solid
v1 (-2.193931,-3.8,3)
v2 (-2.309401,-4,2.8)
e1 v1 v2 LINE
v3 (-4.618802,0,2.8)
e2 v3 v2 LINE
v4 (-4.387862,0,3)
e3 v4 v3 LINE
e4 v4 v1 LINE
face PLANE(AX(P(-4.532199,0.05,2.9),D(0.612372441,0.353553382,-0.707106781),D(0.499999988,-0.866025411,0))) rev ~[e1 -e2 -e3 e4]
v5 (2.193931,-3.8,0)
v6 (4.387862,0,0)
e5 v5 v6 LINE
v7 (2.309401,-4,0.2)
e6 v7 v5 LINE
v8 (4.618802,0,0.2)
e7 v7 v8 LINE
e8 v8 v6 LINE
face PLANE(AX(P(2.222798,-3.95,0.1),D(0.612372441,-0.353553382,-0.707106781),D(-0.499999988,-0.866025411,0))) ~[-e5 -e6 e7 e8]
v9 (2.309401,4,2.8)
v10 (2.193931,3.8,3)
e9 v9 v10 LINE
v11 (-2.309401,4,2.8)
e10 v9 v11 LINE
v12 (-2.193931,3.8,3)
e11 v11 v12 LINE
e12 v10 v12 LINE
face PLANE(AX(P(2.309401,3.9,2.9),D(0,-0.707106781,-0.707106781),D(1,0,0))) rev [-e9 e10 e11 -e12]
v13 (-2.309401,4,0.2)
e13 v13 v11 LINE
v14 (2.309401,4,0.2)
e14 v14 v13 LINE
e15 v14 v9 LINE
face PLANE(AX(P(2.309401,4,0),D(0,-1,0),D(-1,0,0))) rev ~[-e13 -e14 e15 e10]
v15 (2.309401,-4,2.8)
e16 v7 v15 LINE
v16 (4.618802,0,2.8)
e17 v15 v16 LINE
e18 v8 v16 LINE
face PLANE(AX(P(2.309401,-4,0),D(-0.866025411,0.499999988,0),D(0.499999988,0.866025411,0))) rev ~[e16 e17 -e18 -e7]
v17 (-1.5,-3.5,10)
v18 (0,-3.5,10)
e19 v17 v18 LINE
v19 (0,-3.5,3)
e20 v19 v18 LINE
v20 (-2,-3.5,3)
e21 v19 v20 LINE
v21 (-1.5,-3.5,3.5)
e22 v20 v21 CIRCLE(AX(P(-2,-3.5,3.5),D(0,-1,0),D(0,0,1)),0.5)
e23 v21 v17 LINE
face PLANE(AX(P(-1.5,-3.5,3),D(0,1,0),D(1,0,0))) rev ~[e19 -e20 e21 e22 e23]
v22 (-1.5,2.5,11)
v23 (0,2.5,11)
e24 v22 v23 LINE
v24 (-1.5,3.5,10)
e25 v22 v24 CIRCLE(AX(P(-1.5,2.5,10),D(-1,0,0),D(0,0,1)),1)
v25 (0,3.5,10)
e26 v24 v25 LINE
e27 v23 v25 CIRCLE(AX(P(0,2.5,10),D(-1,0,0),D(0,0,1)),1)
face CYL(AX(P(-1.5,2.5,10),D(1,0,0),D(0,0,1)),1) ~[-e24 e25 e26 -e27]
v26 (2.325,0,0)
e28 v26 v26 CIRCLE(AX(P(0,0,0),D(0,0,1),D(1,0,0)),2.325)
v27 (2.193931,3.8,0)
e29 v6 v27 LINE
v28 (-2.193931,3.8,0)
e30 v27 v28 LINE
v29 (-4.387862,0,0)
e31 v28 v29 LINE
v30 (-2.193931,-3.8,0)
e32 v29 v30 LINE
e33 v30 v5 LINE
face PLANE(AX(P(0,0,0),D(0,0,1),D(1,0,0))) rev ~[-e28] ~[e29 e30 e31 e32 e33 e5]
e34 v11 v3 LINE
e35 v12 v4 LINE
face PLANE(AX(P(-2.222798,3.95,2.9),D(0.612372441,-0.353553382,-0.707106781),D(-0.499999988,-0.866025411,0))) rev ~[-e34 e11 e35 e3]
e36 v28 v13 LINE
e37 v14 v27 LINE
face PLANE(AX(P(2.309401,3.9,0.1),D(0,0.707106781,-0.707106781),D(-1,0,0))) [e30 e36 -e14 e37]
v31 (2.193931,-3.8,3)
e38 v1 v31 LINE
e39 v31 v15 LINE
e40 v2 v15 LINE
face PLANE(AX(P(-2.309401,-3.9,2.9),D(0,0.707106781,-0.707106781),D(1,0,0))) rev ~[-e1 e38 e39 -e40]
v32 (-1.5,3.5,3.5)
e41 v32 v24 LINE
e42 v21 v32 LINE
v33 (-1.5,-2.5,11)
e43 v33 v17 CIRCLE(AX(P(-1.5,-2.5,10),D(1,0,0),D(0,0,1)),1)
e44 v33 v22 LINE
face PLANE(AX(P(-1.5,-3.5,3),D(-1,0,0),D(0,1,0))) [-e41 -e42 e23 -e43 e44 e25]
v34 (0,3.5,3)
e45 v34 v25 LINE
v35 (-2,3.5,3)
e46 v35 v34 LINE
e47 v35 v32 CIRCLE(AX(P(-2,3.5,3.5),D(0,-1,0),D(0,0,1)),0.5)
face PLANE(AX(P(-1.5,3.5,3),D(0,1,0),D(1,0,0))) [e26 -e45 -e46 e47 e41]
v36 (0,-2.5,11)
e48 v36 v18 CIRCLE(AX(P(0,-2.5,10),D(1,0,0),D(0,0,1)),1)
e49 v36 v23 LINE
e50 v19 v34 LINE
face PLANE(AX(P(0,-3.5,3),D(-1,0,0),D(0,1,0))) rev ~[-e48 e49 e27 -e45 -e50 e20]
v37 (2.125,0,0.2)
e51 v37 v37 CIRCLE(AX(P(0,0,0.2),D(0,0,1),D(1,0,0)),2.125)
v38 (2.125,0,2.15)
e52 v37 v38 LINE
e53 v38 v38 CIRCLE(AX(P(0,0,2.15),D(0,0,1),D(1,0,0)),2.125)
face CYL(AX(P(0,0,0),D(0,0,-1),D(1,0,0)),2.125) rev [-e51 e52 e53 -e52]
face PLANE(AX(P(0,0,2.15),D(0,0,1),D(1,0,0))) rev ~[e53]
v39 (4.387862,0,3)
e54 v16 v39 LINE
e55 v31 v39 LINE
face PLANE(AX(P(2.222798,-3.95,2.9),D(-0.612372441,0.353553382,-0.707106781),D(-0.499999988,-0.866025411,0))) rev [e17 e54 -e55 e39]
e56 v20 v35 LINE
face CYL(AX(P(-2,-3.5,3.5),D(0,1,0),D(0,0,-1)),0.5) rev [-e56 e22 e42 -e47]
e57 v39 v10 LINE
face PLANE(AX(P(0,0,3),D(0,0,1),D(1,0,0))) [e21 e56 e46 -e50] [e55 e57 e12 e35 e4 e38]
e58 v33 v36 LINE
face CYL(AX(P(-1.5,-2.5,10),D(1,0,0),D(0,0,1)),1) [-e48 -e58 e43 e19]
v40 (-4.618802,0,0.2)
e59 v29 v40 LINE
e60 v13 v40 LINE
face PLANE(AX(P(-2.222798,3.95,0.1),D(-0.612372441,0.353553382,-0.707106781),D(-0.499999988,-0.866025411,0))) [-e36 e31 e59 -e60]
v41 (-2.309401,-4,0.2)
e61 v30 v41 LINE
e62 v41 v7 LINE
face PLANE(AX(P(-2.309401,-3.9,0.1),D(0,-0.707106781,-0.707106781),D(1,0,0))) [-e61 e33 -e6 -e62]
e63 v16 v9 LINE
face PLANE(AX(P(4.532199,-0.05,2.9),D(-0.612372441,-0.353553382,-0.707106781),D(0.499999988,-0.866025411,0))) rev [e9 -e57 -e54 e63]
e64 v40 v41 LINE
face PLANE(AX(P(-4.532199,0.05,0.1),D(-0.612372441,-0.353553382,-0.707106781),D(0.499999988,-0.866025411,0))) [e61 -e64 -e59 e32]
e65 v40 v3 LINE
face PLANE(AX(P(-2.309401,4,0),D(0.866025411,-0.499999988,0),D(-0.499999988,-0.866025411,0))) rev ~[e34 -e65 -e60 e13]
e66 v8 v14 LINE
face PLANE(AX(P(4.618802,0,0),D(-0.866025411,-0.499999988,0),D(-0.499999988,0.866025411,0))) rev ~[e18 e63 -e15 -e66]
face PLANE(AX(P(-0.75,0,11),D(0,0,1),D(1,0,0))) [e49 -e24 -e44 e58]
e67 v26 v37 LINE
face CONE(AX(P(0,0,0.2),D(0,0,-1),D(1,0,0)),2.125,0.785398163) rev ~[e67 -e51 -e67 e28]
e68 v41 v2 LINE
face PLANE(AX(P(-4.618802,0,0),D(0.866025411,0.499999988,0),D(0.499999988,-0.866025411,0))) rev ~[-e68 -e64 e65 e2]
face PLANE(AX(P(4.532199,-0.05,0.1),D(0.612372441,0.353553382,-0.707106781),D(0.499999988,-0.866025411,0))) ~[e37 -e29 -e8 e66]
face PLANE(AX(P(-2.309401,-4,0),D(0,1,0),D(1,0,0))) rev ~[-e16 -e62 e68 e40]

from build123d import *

# Parameters (mm, degrees)
PAD_DEPTH       = 3
SKETCH001_R     = 2.125
POCKET_DEPTH    = 2.15
CHAMFER_SIZE    = 0.2
CHAMFER001_SIZE = 0.2
SKETCH002_W     = 1.5
SKETCH002_H     = 7
PAD001_DEPTH    = 8
FILLET_R        = 0.5
FILLET001_R     = 1


with BuildPart() as part:
    # Sketch → Pad (new body)
    with BuildSketch(Plane.XY):
        Polygon((4.618802, 0), (2.309401, 4), (-2.309401, 4), (-4.618802, 0), (-2.309401, -4), (2.309401, -4), align=None)
    extrude(amount=PAD_DEPTH)

    # Sketch001 → Pocket (cut)
    with BuildSketch(Plane.XY):
        Circle(SKETCH001_R)
    extrude(amount=POCKET_DEPTH, mode=Mode.SUBTRACT)

    # Chamfer
    chamfer_edges = [part.edges().sort_by_distance(p)[0] for p in [
        (3.464102, 2, 3),
        (0, 4, 3),
        (-3.464102, 2, 3),
        (-3.464102, -2, 3),
        (0, -4, 3),
        (3.464102, -2, 3),
    ]]
    chamfer(chamfer_edges, length=CHAMFER_SIZE)

    # Chamfer001
    chamfer001_edges = [part.edges().sort_by_distance(p)[0] for p in [
        (3.464102, 2, 0),
        (3.464102, -2, 0),
        (0, 4, 0),
        (0, -4, 0),
        (-3.464102, 2, 0),
        (-3.464102, -2, 0),
        (-2.125, 0, 0),
    ]]
    chamfer(chamfer001_edges, length=CHAMFER001_SIZE)

    # Sketch002 (on Face11 of Chamfer001) → Pad001 (join)
    with BuildSketch(Plane.XY.offset(3)):
        with Locations((-0.75, 0)):
            Rectangle(SKETCH002_W, SKETCH002_H)
    extrude(amount=PAD001_DEPTH)

    # Fillet
    fillet_edges = [part.edges().sort_by_distance(p)[0] for p in [
        (-1.5, 0, 3),
    ]]
    fillet(fillet_edges, radius=FILLET_R)

    # Fillet001
    fillet001_edges = [part.edges().sort_by_distance(p)[0] for p in [
        (-0.75, -3.5, 11),
        (-0.75, 3.5, 11),
    ]]
    fillet(fillet001_edges, radius=FILLET001_R)


solid = part.part
